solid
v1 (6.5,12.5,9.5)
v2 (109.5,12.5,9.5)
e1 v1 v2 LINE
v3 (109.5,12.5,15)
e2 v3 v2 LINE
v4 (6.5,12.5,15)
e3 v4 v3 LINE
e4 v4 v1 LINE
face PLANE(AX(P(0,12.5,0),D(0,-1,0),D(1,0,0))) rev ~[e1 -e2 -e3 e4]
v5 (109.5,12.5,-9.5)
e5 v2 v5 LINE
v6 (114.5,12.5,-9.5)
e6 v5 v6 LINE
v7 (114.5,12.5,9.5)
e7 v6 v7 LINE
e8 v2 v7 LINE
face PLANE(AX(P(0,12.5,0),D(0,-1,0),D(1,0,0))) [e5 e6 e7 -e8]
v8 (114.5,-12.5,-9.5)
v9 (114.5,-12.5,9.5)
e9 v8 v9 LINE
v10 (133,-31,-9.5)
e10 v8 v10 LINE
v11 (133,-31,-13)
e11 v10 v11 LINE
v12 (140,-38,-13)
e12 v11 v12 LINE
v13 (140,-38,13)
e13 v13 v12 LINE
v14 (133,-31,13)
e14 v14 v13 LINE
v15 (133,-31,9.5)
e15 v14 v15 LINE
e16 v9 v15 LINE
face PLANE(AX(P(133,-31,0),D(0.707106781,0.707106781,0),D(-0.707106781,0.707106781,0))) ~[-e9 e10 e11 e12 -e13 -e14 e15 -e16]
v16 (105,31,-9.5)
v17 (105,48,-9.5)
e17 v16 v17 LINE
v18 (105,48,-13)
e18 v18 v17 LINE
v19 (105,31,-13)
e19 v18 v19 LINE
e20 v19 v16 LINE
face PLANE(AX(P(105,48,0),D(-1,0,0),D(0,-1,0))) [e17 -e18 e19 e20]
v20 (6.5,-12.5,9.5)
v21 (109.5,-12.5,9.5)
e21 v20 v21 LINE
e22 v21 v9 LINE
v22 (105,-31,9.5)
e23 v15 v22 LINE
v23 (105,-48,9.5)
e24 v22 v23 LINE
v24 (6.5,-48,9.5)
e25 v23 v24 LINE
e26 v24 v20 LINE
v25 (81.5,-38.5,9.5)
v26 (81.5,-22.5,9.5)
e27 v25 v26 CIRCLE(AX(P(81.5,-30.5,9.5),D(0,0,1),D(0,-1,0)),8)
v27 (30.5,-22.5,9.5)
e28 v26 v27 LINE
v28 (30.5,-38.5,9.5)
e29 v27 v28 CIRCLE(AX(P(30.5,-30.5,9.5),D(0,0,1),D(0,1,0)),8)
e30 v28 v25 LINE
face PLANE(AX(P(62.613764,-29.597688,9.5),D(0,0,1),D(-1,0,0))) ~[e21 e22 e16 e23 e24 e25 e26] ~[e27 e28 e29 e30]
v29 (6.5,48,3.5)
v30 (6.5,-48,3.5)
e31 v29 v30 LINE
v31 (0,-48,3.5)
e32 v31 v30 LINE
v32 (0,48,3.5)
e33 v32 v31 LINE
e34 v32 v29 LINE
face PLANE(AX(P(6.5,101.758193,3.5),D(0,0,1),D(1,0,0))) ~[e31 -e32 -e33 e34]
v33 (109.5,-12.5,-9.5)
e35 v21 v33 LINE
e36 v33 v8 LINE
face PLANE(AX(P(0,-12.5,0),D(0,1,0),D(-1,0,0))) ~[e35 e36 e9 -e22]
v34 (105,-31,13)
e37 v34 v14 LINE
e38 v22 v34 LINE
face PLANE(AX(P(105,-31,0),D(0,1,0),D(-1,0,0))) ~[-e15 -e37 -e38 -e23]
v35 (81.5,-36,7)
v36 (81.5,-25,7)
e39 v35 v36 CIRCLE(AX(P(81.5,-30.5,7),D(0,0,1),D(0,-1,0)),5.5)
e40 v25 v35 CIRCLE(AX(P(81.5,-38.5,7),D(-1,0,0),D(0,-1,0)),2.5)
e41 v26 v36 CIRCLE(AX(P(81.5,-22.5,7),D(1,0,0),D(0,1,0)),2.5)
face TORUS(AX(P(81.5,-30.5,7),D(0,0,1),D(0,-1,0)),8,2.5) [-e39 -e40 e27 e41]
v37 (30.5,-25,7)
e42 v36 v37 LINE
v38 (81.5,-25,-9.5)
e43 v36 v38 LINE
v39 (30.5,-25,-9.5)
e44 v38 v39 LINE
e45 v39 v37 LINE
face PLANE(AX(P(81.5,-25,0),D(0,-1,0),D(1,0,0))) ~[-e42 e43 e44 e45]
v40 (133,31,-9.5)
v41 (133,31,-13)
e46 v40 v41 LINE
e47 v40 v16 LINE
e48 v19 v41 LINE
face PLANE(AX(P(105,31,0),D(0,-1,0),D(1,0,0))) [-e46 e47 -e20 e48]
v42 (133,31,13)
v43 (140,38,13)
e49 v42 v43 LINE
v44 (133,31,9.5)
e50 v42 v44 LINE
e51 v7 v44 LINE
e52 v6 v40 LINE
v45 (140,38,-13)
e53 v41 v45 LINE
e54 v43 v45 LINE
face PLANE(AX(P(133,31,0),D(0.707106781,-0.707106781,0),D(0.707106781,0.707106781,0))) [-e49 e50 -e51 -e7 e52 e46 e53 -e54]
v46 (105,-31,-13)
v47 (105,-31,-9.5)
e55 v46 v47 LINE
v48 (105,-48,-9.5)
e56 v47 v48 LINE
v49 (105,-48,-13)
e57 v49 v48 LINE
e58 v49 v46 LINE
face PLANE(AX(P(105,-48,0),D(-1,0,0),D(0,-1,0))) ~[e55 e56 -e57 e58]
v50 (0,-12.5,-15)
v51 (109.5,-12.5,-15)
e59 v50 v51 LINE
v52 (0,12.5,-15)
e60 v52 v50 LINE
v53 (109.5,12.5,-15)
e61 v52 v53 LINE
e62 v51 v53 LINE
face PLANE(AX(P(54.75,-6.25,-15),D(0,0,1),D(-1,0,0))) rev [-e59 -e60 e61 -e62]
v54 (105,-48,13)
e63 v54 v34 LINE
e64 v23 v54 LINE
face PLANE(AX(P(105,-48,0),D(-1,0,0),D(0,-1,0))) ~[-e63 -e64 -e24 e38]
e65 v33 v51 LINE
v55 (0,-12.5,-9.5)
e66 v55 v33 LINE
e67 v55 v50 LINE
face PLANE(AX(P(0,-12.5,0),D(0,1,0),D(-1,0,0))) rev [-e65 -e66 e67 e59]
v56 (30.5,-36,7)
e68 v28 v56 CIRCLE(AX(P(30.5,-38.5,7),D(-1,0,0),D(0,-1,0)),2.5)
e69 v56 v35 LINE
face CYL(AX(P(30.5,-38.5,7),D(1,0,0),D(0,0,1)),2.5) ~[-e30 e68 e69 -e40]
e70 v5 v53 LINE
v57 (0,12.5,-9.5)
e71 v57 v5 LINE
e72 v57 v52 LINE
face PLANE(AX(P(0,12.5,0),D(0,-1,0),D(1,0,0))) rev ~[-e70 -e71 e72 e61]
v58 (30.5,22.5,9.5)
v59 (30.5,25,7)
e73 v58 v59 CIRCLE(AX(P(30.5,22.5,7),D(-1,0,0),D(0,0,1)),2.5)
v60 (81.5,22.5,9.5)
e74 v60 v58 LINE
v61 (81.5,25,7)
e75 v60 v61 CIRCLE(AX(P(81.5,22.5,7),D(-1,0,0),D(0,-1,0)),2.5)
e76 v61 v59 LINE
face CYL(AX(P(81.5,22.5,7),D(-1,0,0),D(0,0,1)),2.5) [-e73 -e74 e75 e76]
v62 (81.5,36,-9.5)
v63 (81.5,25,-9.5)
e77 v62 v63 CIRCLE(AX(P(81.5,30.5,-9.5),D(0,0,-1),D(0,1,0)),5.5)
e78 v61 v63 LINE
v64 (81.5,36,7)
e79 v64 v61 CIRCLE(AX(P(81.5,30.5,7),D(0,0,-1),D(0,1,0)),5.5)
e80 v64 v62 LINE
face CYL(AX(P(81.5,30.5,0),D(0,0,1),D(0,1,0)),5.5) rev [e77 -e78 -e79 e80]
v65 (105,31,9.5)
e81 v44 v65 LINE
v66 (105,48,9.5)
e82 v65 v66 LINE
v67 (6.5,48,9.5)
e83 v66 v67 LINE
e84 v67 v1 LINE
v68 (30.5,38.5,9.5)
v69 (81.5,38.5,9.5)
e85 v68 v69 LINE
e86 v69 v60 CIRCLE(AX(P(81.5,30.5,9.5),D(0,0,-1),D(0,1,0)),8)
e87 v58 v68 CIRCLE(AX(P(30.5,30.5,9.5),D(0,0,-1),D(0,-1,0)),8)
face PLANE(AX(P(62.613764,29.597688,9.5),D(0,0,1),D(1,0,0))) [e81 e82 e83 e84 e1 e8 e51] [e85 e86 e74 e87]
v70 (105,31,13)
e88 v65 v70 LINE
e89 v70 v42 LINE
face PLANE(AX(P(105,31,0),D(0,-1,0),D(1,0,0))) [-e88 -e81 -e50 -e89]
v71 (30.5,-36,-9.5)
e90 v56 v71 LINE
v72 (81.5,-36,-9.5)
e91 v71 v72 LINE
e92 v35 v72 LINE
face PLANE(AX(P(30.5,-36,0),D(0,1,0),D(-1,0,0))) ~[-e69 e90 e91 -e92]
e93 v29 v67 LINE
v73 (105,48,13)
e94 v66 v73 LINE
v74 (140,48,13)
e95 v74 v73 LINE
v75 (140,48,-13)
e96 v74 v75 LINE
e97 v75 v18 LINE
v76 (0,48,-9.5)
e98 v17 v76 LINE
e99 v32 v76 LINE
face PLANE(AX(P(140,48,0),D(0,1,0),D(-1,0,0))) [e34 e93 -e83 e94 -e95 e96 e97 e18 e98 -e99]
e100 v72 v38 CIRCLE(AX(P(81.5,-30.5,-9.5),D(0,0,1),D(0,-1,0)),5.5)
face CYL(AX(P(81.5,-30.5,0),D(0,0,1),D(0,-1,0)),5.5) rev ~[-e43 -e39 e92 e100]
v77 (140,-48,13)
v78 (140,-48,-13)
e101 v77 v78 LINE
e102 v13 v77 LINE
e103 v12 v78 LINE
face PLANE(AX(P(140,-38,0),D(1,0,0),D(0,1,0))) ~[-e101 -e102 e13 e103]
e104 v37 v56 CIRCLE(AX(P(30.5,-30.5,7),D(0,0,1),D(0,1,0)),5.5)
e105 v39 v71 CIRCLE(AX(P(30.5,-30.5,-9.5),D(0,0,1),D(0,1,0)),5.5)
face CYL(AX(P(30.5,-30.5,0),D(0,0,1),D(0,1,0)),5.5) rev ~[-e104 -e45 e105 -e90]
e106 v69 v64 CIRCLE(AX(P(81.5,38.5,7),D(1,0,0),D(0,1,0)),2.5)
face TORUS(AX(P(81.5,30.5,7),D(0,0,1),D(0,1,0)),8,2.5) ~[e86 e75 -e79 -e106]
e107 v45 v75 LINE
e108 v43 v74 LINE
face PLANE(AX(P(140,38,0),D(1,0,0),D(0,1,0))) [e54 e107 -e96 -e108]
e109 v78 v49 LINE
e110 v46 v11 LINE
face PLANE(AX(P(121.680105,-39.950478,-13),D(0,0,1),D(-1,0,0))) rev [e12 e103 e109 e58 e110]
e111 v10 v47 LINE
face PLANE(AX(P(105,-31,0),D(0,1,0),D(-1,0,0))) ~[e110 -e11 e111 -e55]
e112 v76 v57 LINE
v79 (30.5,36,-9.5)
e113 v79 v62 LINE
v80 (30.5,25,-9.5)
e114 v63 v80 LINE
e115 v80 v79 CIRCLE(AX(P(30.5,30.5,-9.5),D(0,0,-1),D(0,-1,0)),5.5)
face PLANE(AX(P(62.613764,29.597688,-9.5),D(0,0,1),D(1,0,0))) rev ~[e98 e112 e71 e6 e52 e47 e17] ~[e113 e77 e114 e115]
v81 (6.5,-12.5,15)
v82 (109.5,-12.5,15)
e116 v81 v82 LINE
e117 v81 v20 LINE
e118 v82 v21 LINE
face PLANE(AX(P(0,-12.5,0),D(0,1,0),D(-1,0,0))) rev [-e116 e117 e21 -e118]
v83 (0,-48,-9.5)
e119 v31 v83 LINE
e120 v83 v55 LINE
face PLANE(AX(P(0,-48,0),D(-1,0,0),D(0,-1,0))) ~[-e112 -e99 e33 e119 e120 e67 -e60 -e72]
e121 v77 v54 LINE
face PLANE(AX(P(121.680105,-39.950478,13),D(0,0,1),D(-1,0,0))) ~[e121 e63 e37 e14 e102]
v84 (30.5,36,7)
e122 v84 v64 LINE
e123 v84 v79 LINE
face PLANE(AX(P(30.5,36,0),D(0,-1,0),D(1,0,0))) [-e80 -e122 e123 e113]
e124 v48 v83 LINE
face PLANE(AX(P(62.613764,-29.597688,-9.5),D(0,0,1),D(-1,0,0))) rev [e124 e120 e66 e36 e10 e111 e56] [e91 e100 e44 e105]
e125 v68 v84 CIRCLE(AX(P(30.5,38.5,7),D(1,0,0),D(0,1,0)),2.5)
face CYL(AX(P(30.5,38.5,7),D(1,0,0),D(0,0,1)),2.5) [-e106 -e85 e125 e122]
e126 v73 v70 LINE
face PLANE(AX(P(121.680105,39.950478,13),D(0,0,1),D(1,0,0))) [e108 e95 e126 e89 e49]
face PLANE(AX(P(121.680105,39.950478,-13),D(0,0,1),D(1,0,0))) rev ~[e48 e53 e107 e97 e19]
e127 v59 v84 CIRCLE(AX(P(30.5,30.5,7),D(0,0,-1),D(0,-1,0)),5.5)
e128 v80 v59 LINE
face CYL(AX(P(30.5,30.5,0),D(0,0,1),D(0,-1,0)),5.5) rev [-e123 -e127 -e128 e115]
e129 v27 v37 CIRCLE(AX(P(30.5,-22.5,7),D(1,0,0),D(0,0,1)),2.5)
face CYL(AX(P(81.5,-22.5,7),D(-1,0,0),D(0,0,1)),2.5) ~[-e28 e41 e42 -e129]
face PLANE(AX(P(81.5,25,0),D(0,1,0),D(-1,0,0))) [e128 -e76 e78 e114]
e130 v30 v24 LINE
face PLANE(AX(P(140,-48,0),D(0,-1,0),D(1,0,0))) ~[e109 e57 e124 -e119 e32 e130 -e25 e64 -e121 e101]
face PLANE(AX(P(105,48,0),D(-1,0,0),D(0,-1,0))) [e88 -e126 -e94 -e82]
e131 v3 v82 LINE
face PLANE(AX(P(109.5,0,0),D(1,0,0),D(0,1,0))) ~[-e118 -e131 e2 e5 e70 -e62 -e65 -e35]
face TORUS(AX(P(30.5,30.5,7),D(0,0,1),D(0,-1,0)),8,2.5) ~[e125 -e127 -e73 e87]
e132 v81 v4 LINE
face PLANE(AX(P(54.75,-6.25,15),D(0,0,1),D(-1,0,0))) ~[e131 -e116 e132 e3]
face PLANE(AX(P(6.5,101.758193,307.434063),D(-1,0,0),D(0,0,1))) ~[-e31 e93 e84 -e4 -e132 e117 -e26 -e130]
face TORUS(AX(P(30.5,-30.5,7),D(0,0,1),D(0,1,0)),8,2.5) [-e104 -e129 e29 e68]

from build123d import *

# Parameters (mm, degrees)
SKETCH2_W               = 109.5
SKETCH2_H               = 12.5
BOSS_EXTRUDE1_DEPTH     = 15
BOSS_EXTRUDE2_DEPTH     = 9.5
BOSS_EXTRUDE3_DEPTH     = 13
CUT_EXTRUDE2_DEPTH      = 149.758193052
CUT_EXTRUDE2_DEPTH_BACK = 149.758193052
FILLET2_R               = 2.5


with BuildPart() as part:
    # Sketch2 → Boss-Extrude1 (new, symmetric)
    with BuildSketch(Plane.XY):
        with Locations((54.75, 6.25)):
            Rectangle(SKETCH2_W, SKETCH2_H)
    extrude(amount=BOSS_EXTRUDE1_DEPTH, both=True)

    # Sketch2<3> → Boss-Extrude2 (add, symmetric)
    with BuildSketch(Plane.XY):
        Polygon((0, 48), (0, 12.5), (109.5, 12.5), (114.5, 12.5), (133, 31), (105, 31), (105, 48), align=None)
        with BuildLine():
            ThreePointArc((30.5, 25), (25, 30.5), (30.5, 36))
            Line((30.5, 36), (81.5, 36))
            ThreePointArc((81.5, 36), (87, 30.5), (81.5, 25))
            Line((81.5, 25), (30.5, 25))
        make_face(mode=Mode.SUBTRACT)
    extrude(amount=BOSS_EXTRUDE2_DEPTH, both=True)

    # Sketch2<4> → Boss-Extrude3 (add, symmetric)
    with BuildSketch(Plane.XY):
        Polygon((140, 48), (105, 48), (105, 31), (133, 31), (140, 38), align=None)
    extrude(amount=BOSS_EXTRUDE3_DEPTH, both=True)

    # Sketch3 → Cut-Extrude2 (cut, two sides: drawn at the far end of the back side and taken through both)
    with BuildSketch(Plane(origin=(0, 48, 0), x_dir=(1, 0, 0), z_dir=(0, 1, 0)).offset(-CUT_EXTRUDE2_DEPTH_BACK)):
        Polygon((-292.434063101, -3.5), (0, -3.5), (6.5, -3.5), (6.5, -15), (6.5, -307.434063101), (-410.479849846, -717.554203878), (-709.413912948, -413.620140776), align=None)
    extrude(amount=CUT_EXTRUDE2_DEPTH + CUT_EXTRUDE2_DEPTH_BACK, mode=Mode.SUBTRACT)

    # Fillet2
    fillet2_edges = [part.edges().sort_by_distance(p)[0] for p in [
        (87, 30.5, 9.5),
        (56, 25, 9.5),
        (25, 30.5, 9.5),
        (56, 36, 9.5),
    ]]
    fillet(fillet2_edges, radius=FILLET2_R)

    # Mirror3: part across plane


with BuildPart() as part_1:
    add(part.part)
    add(part.part.mirror(Plane(origin=(0, 0, 15), x_dir=(0, 0, 1), z_dir=(0, -1, 0))))


solid = part_1.part
